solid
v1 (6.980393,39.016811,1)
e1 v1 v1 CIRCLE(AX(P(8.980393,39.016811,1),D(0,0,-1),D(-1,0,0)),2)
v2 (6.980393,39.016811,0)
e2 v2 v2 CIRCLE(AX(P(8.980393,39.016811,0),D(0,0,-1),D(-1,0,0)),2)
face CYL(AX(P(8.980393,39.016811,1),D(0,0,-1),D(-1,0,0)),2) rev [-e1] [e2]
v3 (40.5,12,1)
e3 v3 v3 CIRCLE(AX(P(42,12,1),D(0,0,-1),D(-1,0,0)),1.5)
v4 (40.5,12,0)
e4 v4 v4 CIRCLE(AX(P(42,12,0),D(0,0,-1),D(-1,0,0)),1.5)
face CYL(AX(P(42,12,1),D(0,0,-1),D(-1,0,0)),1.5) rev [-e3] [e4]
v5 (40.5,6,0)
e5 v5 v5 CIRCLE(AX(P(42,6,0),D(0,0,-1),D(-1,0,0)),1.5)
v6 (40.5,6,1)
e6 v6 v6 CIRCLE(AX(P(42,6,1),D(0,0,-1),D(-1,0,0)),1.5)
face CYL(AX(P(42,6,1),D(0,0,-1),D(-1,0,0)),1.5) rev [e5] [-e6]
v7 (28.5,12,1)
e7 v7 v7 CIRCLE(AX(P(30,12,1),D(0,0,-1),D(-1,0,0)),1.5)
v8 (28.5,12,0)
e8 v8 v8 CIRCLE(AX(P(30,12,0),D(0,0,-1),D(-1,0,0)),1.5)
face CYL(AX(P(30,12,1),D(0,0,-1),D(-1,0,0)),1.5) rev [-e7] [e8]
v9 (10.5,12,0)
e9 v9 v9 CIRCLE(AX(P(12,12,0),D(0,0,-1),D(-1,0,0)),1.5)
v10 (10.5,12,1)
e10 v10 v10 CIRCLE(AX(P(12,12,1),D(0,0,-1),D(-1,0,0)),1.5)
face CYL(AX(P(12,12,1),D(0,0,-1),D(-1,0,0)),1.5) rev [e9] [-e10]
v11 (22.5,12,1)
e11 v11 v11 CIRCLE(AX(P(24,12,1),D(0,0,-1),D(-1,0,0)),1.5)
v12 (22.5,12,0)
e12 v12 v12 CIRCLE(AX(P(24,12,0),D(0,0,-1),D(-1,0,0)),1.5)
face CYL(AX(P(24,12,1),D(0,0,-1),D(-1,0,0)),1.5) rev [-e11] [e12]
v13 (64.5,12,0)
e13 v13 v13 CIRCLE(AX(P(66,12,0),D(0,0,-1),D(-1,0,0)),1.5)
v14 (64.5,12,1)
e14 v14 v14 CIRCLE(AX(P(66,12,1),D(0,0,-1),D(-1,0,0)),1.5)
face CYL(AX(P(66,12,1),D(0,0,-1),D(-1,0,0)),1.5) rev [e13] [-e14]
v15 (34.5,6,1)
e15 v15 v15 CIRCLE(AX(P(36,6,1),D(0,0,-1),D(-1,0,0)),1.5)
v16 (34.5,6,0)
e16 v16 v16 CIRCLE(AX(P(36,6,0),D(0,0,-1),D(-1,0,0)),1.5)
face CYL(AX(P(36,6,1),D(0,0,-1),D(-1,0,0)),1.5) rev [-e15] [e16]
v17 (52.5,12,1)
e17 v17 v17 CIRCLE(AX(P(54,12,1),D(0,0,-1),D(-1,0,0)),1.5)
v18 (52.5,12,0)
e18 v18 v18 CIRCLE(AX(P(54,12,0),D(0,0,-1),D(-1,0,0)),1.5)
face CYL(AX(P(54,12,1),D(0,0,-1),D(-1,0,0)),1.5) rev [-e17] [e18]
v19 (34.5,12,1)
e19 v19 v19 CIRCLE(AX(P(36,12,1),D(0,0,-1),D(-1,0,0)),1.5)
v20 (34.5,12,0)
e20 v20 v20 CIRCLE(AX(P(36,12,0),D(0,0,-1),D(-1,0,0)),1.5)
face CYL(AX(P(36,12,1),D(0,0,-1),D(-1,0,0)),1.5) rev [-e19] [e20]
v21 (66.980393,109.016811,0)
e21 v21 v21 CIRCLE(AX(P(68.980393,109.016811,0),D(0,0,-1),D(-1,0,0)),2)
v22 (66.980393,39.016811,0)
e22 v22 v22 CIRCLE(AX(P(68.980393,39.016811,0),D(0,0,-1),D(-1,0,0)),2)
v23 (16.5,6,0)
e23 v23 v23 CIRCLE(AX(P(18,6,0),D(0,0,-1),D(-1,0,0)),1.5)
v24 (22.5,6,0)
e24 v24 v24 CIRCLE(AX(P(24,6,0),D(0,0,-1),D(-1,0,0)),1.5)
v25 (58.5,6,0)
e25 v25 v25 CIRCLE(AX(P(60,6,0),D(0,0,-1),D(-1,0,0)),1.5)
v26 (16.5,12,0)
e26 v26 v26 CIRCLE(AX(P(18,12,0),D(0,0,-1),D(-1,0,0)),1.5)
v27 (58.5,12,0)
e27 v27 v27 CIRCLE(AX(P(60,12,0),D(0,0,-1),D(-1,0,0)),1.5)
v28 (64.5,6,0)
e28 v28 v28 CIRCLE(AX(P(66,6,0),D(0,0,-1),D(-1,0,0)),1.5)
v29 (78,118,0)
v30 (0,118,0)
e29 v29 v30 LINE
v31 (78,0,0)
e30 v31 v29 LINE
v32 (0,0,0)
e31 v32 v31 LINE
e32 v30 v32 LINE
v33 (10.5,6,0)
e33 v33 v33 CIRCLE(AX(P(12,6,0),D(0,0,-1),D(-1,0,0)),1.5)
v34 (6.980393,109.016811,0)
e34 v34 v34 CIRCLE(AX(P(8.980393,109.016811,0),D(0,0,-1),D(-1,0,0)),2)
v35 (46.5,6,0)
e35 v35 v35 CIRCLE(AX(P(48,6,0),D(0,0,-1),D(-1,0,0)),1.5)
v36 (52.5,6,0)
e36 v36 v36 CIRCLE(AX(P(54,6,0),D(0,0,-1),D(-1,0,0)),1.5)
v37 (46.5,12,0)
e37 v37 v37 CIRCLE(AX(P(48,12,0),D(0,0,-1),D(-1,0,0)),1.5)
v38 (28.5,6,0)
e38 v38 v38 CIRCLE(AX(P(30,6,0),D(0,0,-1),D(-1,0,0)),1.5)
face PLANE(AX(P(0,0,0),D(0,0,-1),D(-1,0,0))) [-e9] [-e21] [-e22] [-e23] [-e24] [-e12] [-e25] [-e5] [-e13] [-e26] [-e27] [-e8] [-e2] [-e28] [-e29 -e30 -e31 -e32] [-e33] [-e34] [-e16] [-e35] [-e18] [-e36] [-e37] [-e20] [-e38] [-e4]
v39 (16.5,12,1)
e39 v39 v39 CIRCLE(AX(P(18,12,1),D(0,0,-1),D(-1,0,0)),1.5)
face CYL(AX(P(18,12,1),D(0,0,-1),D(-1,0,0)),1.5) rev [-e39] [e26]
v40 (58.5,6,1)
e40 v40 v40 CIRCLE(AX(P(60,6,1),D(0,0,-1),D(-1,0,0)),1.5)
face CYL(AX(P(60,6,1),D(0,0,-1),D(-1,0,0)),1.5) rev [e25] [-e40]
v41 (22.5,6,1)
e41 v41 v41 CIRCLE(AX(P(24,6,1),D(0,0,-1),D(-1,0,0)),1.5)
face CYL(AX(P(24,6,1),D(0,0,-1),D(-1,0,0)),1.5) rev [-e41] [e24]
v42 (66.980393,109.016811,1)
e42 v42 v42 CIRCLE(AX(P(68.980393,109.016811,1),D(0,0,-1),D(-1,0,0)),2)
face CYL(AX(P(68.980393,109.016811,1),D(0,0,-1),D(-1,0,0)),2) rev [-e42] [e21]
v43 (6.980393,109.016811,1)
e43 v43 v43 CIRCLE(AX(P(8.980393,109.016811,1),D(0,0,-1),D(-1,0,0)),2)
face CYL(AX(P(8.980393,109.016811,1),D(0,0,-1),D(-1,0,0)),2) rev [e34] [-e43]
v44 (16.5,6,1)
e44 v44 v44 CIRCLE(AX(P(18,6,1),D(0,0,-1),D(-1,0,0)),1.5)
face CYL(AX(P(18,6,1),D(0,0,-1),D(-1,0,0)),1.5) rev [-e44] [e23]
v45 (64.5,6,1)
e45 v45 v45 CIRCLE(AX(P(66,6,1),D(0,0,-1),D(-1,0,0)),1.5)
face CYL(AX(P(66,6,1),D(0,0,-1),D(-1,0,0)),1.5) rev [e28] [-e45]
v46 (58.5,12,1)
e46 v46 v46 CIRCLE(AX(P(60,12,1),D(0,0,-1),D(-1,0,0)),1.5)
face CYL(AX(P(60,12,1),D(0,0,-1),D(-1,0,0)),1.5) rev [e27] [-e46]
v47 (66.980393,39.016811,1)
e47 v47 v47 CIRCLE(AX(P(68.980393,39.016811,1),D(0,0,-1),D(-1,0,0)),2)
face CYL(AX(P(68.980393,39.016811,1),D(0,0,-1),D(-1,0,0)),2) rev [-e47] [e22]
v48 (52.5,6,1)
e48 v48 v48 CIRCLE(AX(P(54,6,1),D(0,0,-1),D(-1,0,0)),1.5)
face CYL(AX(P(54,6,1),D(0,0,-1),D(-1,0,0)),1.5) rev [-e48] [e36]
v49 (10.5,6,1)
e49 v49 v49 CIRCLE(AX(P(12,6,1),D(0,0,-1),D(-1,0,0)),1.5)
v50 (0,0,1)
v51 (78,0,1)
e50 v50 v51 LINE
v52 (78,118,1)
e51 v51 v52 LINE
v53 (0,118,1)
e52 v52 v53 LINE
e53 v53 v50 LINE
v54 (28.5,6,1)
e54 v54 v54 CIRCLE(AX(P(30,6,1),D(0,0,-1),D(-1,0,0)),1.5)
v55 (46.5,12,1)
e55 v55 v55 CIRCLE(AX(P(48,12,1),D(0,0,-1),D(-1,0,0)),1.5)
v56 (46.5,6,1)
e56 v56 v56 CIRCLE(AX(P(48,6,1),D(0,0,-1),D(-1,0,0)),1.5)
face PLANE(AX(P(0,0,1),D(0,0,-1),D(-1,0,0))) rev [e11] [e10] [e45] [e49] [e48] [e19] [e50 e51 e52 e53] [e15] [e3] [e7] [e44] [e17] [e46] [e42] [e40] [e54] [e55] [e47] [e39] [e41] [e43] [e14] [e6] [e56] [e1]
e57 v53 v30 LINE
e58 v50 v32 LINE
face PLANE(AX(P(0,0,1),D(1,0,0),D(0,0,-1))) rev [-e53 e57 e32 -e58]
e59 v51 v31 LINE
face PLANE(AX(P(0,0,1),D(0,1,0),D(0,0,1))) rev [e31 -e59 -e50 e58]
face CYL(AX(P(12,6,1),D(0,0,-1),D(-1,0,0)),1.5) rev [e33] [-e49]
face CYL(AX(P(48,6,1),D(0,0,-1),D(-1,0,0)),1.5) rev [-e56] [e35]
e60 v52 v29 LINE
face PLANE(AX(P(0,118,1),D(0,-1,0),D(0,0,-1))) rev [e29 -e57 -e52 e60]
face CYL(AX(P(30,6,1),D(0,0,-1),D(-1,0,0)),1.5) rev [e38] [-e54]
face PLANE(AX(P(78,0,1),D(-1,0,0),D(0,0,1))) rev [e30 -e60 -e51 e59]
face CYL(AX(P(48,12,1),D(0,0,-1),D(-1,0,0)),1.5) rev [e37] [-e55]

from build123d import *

# Parameters (mm, degrees)
SKETCH1_W           = 78
SKETCH1_H           = 118
BOSS_EXTRUDE1_DEPTH = 1
SKETCH2_R           = 2
SKETCH2_R_2         = 1.5
CUT_EXTRUDE1_DEPTH  = 142.453172464


with BuildPart() as part:
    # Sketch1 → Boss-Extrude1 (new body)
    with BuildSketch(Plane.XY):
        with Locations((39, 59)):
            Rectangle(SKETCH1_W, SKETCH1_H)
    extrude(amount=BOSS_EXTRUDE1_DEPTH)

    # Sketch2 → Cut-Extrude1 (cut, through all)
    with BuildSketch(Plane(origin=(0, 0, 0), x_dir=(-1, 0, 0), z_dir=(0, 0, -1))):
        with Locations((-8.980393049, 39.016810723)):
            Circle(SKETCH2_R)
        with Locations((-68.980393049, 39.016810723)):
            Circle(SKETCH2_R)
        with Locations((-68.980393049, 109.016810723)):
            Circle(SKETCH2_R)
        with Locations((-8.980393049, 109.016810723)):
            Circle(SKETCH2_R)
        with Locations((-66, 12)):
            Circle(SKETCH2_R_2)
        with Locations((-60, 12)):
            Circle(SKETCH2_R_2)
        with Locations((-54, 12)):
            Circle(SKETCH2_R_2)
        with Locations((-48, 12)):
            Circle(SKETCH2_R_2)
        with Locations((-42, 12)):
            Circle(SKETCH2_R_2)
        with Locations((-36, 12)):
            Circle(SKETCH2_R_2)
        with Locations((-30, 12)):
            Circle(SKETCH2_R_2)
        with Locations((-24, 12)):
            Circle(SKETCH2_R_2)
        with Locations((-18, 12)):
            Circle(SKETCH2_R_2)
        with Locations((-12, 12)):
            Circle(SKETCH2_R_2)
        with Locations((-60, 6)):
            Circle(SKETCH2_R_2)
        with Locations((-54, 6)):
            Circle(SKETCH2_R_2)
        with Locations((-48, 6)):
            Circle(SKETCH2_R_2)
        with Locations((-42, 6)):
            Circle(SKETCH2_R_2)
        with Locations((-36, 6)):
            Circle(SKETCH2_R_2)
        with Locations((-30, 6)):
            Circle(SKETCH2_R_2)
        with Locations((-24, 6)):
            Circle(SKETCH2_R_2)
        with Locations((-18, 6)):
            Circle(SKETCH2_R_2)
        with Locations((-12, 6)):
            Circle(SKETCH2_R_2)
        with Locations((-66, 6)):
            Circle(SKETCH2_R_2)
    extrude(amount=-CUT_EXTRUDE1_DEPTH, mode=Mode.SUBTRACT)


solid = part.part
